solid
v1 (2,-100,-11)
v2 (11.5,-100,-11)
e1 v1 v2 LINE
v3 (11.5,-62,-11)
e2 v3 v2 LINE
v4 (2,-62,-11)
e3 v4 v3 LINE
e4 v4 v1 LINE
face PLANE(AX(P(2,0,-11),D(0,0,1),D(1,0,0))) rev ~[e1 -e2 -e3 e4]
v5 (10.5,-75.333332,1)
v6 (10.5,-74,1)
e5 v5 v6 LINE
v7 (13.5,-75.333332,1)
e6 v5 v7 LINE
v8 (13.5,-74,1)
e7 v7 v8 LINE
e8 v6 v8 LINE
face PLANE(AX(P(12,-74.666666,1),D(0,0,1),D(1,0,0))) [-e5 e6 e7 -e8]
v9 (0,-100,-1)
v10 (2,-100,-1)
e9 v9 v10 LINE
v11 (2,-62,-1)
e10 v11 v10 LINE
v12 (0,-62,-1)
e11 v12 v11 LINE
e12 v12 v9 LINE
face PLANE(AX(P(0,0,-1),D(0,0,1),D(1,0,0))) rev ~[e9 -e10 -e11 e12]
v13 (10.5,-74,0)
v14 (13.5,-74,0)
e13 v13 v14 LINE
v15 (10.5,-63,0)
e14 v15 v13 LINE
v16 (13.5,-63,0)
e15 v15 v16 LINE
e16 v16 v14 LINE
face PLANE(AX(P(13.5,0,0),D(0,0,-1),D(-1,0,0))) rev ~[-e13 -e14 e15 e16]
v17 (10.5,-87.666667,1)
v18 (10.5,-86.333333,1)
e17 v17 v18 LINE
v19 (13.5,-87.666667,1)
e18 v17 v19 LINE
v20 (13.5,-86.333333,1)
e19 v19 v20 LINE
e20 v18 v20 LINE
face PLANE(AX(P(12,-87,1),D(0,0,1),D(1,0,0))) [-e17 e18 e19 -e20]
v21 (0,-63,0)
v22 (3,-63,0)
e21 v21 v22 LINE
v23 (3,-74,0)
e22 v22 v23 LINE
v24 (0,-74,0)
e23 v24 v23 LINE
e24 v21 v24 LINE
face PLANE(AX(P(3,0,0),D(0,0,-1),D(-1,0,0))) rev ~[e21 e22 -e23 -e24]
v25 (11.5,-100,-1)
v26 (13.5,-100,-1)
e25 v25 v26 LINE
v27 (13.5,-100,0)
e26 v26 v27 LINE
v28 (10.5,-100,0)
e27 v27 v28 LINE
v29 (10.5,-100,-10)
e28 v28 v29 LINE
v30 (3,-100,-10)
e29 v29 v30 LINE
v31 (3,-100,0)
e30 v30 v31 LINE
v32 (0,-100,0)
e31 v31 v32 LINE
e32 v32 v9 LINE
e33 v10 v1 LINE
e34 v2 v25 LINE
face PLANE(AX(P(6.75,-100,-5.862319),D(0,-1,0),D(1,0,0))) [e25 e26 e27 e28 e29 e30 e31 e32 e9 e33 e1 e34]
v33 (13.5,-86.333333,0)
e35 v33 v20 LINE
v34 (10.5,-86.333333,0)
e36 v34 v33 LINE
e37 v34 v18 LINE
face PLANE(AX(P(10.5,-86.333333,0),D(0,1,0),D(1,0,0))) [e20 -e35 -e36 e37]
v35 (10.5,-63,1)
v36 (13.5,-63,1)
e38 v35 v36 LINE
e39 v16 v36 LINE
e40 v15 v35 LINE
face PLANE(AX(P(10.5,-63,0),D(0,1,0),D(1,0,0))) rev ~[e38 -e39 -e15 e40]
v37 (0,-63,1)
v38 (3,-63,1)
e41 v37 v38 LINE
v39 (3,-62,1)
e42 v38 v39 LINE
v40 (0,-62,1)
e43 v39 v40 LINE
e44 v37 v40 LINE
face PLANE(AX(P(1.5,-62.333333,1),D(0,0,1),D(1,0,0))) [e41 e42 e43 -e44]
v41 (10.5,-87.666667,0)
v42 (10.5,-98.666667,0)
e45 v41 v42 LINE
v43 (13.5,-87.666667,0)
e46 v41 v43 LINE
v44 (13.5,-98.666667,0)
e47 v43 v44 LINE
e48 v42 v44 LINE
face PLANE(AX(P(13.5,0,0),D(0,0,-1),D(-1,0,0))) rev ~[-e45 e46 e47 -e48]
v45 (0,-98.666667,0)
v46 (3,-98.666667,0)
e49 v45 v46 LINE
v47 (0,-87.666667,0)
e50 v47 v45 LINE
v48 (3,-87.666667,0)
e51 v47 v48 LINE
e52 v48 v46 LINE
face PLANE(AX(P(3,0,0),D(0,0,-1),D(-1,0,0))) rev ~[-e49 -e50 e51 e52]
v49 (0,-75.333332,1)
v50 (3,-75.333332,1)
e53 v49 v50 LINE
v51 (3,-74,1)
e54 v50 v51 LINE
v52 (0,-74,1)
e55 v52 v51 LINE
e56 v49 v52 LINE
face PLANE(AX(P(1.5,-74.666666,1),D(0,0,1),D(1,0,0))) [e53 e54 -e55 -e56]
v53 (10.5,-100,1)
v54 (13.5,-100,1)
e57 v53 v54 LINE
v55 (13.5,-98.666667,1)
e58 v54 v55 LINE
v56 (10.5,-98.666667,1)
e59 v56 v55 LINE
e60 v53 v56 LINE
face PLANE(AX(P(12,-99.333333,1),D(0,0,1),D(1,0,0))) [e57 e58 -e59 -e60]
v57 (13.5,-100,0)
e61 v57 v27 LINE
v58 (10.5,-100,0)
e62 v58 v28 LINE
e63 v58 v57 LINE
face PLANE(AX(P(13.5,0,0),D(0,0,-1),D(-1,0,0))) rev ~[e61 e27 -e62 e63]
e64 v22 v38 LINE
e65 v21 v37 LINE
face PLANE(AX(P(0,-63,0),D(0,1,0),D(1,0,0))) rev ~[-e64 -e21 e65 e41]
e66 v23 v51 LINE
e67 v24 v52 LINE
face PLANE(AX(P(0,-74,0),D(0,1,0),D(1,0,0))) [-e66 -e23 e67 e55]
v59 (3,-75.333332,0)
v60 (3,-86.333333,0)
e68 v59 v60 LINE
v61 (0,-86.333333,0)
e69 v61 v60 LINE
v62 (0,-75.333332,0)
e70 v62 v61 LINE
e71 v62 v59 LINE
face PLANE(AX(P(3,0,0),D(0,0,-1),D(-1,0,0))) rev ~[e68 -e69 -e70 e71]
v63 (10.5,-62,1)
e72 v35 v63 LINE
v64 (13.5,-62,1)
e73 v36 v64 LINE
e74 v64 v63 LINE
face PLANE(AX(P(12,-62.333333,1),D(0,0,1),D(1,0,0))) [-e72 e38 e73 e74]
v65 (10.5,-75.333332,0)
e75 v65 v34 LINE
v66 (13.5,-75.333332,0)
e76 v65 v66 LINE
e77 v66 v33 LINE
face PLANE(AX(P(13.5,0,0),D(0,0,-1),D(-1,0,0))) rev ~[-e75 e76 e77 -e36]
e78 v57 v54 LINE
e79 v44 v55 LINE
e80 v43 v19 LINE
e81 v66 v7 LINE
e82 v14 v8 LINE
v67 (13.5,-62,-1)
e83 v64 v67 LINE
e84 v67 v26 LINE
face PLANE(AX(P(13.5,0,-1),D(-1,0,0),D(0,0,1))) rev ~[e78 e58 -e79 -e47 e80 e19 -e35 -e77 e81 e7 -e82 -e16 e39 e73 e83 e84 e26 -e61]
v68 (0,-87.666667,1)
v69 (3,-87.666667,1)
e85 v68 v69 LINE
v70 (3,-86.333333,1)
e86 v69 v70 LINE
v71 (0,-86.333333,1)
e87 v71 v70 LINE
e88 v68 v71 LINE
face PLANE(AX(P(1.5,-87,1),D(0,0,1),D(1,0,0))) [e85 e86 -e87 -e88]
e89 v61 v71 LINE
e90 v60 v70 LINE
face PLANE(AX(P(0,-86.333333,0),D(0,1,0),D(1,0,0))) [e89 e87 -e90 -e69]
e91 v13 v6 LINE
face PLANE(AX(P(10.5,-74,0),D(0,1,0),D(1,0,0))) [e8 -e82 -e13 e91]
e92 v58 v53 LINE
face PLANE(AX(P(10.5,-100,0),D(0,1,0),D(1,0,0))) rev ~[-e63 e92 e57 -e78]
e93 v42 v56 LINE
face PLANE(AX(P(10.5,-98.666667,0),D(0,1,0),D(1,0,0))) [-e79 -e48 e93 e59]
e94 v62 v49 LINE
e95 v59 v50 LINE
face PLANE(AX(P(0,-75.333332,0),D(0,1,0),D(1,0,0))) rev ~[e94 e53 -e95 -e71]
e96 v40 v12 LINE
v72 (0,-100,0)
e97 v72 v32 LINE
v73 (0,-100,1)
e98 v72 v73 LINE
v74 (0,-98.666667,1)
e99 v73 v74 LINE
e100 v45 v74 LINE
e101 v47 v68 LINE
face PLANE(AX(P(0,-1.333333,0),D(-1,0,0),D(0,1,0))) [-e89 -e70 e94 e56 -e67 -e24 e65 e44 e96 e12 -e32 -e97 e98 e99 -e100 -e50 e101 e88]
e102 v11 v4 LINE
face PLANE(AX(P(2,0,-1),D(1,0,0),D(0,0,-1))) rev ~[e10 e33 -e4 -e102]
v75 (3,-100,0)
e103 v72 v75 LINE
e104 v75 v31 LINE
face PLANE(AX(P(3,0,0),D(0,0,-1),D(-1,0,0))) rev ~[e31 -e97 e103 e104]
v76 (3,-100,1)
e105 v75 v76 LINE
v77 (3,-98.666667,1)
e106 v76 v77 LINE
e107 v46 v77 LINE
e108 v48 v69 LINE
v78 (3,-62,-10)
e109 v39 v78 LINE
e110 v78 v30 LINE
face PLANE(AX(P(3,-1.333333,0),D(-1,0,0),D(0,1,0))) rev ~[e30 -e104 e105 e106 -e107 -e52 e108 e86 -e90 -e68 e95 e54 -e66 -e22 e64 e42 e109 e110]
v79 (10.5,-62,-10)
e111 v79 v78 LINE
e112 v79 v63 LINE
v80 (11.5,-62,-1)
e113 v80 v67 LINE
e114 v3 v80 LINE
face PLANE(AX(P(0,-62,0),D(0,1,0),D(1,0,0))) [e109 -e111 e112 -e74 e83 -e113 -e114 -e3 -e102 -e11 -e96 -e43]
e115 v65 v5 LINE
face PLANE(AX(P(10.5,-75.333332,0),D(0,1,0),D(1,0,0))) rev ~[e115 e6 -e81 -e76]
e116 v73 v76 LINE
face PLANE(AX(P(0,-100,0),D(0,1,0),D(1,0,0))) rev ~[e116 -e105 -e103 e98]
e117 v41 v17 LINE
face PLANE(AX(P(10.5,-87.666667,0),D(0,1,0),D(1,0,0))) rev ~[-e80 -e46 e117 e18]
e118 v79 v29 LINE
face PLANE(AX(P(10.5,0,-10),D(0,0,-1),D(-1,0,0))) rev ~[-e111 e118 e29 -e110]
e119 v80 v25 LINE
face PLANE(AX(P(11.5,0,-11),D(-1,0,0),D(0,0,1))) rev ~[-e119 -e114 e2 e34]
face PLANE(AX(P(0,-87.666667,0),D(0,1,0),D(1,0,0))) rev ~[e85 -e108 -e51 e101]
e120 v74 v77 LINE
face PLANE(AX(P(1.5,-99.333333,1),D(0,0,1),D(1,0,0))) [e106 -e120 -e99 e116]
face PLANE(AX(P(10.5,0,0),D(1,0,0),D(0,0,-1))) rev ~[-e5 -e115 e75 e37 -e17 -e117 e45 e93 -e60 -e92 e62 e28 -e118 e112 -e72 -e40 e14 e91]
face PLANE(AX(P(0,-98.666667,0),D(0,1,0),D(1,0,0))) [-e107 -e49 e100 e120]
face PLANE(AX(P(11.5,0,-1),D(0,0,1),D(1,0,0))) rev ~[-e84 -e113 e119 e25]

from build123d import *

# Parameters (mm, degrees)
F1_DEPTH      = 100
F2_W          = 3
F2_H          = 1.333333
F2_H_2        = 1.333334
F3_DEPTH      = 1
F4_W          = 23.250002
F4_H          = 62
F5_DEPTH      = 1.001
F5_DEPTH_BACK = 11.001


with BuildPart() as f1:
    # F0 (on Front) → F1 (new body)
    with BuildSketch(Plane.XZ):
        Polygon((3, 0), (0, 0), (0, -1), (2, -1), (2, -11), (11.5, -11), (11.5, -1), (13.5, -1), (13.5, 0), (10.5, 0), (10.5, -10), (3, -10), align=None)
    extrude(amount=F1_DEPTH)

    # F2 (on face) → F3 (join)
    with BuildSketch(Plane.XY):
        with Locations((1.5, -0.666666)):
            Rectangle(F2_W, F2_H)
        with Locations((12, -0.666666)):
            Rectangle(F2_W, F2_H)
        with Locations((1.5, -13)):
            Rectangle(F2_W, F2_H_2)
        with Locations((12, -13)):
            Rectangle(F2_W, F2_H_2)
        with Locations((1.5, -25.333334)):
            Rectangle(F2_W, F2_H)
        with Locations((12, -25.333334)):
            Rectangle(F2_W, F2_H)
        with Locations((1.5, -37.666666)):
            Rectangle(F2_W, F2_H)
        with Locations((12, -37.666666)):
            Rectangle(F2_W, F2_H)
        with Locations((1.5, -50)):
            Rectangle(F2_W, F2_H_2)
        with Locations((12, -50)):
            Rectangle(F2_W, F2_H_2)
        with Locations((1.5, -62.333333)):
            Rectangle(F2_W, F2_H)
        with Locations((12, -62.333333)):
            Rectangle(F2_W, F2_H)
        with Locations((1.5, -74.666666)):
            Rectangle(F2_W, F2_H)
        with Locations((12, -74.666666)):
            Rectangle(F2_W, F2_H)
        with Locations((1.5, -87)):
            Rectangle(F2_W, F2_H_2)
        with Locations((12, -87)):
            Rectangle(F2_W, F2_H_2)
        with Locations((1.5, -99.333333)):
            Rectangle(F2_W, F2_H)
        with Locations((12, -99.333333)):
            Rectangle(F2_W, F2_H)
    extrude(amount=F3_DEPTH)

    # F4 (on Top) → F5 (cut, two sides)
    with BuildSketch(Plane.XY) as f5_sk:
        with Locations((11.625001, -31)):
            Rectangle(F4_W, F4_H)
    extrude(amount=F5_DEPTH, mode=Mode.SUBTRACT)
    extrude(f5_sk.sketch, amount=-F5_DEPTH_BACK, mode=Mode.SUBTRACT)


solid = f1.part
